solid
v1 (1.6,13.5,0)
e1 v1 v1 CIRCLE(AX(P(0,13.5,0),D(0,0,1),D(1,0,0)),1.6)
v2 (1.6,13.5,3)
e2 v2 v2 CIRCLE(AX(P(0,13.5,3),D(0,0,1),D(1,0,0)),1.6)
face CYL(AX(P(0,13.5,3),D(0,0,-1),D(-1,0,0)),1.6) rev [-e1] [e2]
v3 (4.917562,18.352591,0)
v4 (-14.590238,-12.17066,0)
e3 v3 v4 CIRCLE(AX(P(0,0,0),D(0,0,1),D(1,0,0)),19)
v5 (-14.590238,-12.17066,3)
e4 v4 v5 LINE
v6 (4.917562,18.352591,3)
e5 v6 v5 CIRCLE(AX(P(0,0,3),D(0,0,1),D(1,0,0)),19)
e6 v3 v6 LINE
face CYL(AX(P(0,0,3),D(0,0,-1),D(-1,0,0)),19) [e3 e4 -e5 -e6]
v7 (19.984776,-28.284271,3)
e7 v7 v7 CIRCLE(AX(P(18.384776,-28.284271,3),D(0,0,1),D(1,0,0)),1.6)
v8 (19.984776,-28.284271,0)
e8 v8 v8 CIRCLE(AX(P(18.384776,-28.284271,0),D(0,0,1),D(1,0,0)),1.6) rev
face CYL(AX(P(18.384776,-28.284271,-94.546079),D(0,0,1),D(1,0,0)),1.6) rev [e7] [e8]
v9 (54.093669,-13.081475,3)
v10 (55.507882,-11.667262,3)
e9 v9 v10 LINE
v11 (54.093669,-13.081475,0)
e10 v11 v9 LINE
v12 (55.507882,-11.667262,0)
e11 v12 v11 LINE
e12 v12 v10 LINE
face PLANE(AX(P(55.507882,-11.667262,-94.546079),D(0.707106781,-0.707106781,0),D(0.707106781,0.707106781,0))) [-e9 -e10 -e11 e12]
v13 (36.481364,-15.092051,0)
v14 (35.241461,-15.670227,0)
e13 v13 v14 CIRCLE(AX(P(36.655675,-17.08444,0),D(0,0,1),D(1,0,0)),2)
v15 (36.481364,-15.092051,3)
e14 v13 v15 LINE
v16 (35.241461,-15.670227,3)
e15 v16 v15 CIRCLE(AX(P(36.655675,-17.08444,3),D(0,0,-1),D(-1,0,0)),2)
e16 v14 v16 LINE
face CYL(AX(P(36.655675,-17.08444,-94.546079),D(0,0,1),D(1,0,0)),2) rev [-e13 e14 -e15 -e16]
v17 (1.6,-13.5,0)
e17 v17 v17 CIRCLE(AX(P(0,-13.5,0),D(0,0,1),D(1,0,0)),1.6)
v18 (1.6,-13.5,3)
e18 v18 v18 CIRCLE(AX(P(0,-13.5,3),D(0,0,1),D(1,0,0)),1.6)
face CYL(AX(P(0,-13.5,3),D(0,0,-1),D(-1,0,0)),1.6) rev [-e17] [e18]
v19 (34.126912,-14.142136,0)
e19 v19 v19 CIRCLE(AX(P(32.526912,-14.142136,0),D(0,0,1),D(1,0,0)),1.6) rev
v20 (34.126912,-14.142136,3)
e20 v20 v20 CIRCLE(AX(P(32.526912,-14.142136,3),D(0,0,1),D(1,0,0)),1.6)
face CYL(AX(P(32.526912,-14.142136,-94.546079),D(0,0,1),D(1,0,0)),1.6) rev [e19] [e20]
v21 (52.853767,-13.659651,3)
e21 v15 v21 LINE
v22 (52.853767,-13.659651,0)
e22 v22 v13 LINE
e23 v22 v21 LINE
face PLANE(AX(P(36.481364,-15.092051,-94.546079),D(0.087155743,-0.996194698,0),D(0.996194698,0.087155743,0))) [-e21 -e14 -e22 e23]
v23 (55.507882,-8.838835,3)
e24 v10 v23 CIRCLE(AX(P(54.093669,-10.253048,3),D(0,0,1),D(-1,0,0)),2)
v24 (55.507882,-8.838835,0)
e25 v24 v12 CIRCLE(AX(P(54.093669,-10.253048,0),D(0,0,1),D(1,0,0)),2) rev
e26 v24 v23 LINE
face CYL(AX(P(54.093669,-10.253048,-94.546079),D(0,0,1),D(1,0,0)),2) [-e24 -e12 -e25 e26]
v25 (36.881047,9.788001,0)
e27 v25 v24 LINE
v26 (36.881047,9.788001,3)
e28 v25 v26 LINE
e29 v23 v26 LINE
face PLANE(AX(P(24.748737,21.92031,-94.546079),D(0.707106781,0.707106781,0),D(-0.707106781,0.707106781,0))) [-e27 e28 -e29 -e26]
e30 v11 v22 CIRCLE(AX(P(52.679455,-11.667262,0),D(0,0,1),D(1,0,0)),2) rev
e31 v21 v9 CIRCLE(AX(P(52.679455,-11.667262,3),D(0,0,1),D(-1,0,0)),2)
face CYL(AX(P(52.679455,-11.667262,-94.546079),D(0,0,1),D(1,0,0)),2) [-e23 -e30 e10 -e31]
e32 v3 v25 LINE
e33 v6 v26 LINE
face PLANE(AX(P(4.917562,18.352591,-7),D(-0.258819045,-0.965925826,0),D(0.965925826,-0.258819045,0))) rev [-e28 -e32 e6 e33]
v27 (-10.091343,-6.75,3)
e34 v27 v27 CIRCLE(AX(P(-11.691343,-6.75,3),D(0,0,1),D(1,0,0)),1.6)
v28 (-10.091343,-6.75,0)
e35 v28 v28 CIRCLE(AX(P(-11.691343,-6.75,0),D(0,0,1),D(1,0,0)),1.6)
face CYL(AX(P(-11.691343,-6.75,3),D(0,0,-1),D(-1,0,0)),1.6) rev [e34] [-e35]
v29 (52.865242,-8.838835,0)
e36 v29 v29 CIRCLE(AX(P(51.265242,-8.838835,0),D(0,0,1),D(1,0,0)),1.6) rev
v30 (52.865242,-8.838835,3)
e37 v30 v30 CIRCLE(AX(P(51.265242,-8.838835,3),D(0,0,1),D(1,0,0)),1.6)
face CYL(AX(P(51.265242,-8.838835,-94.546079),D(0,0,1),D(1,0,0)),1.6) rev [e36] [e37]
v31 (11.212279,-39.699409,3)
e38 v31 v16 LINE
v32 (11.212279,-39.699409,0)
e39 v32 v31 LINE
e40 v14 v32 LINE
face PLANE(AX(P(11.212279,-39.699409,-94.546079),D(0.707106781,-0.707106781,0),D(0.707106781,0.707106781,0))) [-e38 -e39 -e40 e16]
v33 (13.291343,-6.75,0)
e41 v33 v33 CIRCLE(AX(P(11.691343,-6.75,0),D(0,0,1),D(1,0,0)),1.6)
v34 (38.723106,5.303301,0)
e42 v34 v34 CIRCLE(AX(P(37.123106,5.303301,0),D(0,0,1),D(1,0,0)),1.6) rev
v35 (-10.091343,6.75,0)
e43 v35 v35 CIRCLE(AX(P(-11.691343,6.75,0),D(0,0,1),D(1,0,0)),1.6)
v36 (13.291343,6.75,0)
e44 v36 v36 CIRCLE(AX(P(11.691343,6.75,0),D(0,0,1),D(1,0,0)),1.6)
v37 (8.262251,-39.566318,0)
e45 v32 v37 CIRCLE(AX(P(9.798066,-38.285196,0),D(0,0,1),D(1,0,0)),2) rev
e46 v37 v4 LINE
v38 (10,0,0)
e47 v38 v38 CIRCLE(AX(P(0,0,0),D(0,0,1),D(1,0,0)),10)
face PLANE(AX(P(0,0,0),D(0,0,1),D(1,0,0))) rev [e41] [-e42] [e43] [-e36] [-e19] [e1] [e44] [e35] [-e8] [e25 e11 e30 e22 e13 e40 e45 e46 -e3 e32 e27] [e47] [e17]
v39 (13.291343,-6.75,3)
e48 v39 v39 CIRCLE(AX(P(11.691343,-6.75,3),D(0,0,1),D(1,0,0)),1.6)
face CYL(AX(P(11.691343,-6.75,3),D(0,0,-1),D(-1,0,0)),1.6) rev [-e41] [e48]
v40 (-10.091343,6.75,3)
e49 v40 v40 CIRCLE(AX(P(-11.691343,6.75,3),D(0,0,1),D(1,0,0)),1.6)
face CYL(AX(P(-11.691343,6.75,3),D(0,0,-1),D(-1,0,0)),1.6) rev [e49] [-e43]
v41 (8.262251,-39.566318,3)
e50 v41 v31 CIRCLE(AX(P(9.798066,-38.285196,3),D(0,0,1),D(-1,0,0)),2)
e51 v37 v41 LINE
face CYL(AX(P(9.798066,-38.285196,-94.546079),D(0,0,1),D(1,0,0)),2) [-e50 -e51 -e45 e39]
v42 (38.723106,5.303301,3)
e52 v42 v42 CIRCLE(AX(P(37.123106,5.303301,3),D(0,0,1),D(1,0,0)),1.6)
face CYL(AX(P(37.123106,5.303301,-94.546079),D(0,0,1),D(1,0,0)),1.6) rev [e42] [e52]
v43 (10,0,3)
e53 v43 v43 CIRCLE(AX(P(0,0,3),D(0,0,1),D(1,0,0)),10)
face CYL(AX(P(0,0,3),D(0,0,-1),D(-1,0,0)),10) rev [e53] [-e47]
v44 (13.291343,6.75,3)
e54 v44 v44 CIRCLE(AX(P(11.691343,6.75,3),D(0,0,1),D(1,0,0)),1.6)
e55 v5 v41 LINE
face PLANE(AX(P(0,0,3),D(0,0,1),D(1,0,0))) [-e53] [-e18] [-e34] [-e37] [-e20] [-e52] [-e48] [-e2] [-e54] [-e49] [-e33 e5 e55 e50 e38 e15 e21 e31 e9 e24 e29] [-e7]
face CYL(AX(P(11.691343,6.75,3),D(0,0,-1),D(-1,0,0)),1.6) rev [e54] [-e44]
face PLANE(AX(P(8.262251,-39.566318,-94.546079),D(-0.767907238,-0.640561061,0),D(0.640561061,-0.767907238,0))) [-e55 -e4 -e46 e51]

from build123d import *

# Parameters (mm, degrees)
SKETCH_1_R          = 19
SKETCH_1_R_2        = 1.6
SKETCH_1_R_3        = 10
EXTRUDE_1_DEPTH     = 3
EXTRUDE_START       = -3
SKETCH_2_R          = 1.6
EXTRUDE_2_DEPTH     = 3
CUT_EXTRUDE_START   = -10
CUT_EXTRUDE_1_DEPTH = 10
EXTRUDE_4_DEPTH     = 3


with BuildPart() as part:
    # 草图1 → 凸台-拉伸1 (new body)
    with BuildSketch(Plane.XY):
        Circle(SKETCH_1_R)
        with Locations((0, 13.5)):
            Circle(SKETCH_1_R_2, mode=Mode.SUBTRACT)
        Circle(SKETCH_1_R_3, mode=Mode.SUBTRACT)
        with Locations((11.691342951, 6.75)):
            Circle(SKETCH_1_R_2, mode=Mode.SUBTRACT)
        with Locations((11.691342951, -6.75)):
            Circle(SKETCH_1_R_2, mode=Mode.SUBTRACT)
        with Locations((0, -13.5)):
            Circle(SKETCH_1_R_2, mode=Mode.SUBTRACT)
        with Locations((-11.691342951, -6.75)):
            Circle(SKETCH_1_R_2, mode=Mode.SUBTRACT)
        with Locations((-11.691342951, 6.75)):
            Circle(SKETCH_1_R_2, mode=Mode.SUBTRACT)
    extrude(amount=EXTRUDE_1_DEPTH)

    # 草图2 → 凸台-拉伸2 (add)
    with BuildSketch(Plane.XY.offset(3).offset(EXTRUDE_START)):
        with BuildLine():
            Line((24.748737342, 21.920310217), (55.507882323, -8.838834765))
            ThreePointArc((55.507882323, -8.838834765), (56.093668761, -10.253048327), (55.507882323, -11.66726189))
            Line((55.507882323, -11.66726189), (54.093668761, -13.081475452))
            ThreePointArc((54.093668761, -13.081475452), (53.524691722, -13.479877464), (52.853766684, -13.659651286))
            Line((52.853766684, -13.659651286), (36.481363532, -15.092050956))
            ThreePointArc((36.481363532, -15.092050956), (35.810438494, -15.271824778), (35.241461455, -15.67022679))
            Line((35.241461455, -15.67022679), (11.212279145, -39.699409101))
            ThreePointArc((11.212279145, -39.699409101), (9.707926642, -40.283163249), (8.262251105, -39.566317661))
            Line((8.262251105, -39.566317661), (-14.59023753, -12.170660163))
            ThreePointArc((-14.59023753, -12.170660163), (12.81586728, -14.026886535), (13.435028843, 13.435028843))
            Line((13.435028843, 13.435028843), (21.920310217, 21.920310217))
            ThreePointArc((21.920310217, 21.920310217), (23.334523779, 22.506096654), (24.748737342, 21.920310217))
        make_face()
        with Locations((51.265241636, -8.838834765)):
            Circle(SKETCH_2_R, mode=Mode.SUBTRACT)
        with Locations((37.123106012, 5.303300859)):
            Circle(SKETCH_2_R, mode=Mode.SUBTRACT)
        with Locations((18.384776311, -28.284271247)):
            Circle(SKETCH_2_R, mode=Mode.SUBTRACT)
        with Locations((32.526911935, -14.142135624)):
            Circle(SKETCH_2_R, mode=Mode.SUBTRACT)
    extrude(amount=EXTRUDE_2_DEPTH)

    # 草图5 → 切除-拉伸1 (cut)
    with BuildSketch(Plane.XY.offset(3).offset(CUT_EXTRUDE_START)):
        with BuildLine():
            Line((21.920310217, 21.920310217), (15.513435038, 15.513435038))
            Line((15.513435038, 15.513435038), (36.88104685, 9.788000708))
            Line((36.88104685, 9.788000708), (24.748737342, 21.920310217))
            ThreePointArc((24.748737342, 21.920310217), (23.334523779, 22.506096654), (21.920310217, 21.920310217))
        make_face()
    extrude(amount=CUT_EXTRUDE_1_DEPTH, mode=Mode.SUBTRACT)

    # 草图5<4> → 凸台-拉伸4 (add)
    with BuildSketch(Plane.XY.offset(3).offset(EXTRUDE_START)):
        with BuildLine():
            Line((15.513435038, 15.513435038), (4.917561857, 18.352590699))
            ThreePointArc((4.917561857, 18.352590699), (9.5, 16.454482672), (13.435028843, 13.435028843))
            Line((13.435028843, 13.435028843), (15.513435038, 15.513435038))
        make_face()
    extrude(amount=EXTRUDE_4_DEPTH)


solid = part.part
